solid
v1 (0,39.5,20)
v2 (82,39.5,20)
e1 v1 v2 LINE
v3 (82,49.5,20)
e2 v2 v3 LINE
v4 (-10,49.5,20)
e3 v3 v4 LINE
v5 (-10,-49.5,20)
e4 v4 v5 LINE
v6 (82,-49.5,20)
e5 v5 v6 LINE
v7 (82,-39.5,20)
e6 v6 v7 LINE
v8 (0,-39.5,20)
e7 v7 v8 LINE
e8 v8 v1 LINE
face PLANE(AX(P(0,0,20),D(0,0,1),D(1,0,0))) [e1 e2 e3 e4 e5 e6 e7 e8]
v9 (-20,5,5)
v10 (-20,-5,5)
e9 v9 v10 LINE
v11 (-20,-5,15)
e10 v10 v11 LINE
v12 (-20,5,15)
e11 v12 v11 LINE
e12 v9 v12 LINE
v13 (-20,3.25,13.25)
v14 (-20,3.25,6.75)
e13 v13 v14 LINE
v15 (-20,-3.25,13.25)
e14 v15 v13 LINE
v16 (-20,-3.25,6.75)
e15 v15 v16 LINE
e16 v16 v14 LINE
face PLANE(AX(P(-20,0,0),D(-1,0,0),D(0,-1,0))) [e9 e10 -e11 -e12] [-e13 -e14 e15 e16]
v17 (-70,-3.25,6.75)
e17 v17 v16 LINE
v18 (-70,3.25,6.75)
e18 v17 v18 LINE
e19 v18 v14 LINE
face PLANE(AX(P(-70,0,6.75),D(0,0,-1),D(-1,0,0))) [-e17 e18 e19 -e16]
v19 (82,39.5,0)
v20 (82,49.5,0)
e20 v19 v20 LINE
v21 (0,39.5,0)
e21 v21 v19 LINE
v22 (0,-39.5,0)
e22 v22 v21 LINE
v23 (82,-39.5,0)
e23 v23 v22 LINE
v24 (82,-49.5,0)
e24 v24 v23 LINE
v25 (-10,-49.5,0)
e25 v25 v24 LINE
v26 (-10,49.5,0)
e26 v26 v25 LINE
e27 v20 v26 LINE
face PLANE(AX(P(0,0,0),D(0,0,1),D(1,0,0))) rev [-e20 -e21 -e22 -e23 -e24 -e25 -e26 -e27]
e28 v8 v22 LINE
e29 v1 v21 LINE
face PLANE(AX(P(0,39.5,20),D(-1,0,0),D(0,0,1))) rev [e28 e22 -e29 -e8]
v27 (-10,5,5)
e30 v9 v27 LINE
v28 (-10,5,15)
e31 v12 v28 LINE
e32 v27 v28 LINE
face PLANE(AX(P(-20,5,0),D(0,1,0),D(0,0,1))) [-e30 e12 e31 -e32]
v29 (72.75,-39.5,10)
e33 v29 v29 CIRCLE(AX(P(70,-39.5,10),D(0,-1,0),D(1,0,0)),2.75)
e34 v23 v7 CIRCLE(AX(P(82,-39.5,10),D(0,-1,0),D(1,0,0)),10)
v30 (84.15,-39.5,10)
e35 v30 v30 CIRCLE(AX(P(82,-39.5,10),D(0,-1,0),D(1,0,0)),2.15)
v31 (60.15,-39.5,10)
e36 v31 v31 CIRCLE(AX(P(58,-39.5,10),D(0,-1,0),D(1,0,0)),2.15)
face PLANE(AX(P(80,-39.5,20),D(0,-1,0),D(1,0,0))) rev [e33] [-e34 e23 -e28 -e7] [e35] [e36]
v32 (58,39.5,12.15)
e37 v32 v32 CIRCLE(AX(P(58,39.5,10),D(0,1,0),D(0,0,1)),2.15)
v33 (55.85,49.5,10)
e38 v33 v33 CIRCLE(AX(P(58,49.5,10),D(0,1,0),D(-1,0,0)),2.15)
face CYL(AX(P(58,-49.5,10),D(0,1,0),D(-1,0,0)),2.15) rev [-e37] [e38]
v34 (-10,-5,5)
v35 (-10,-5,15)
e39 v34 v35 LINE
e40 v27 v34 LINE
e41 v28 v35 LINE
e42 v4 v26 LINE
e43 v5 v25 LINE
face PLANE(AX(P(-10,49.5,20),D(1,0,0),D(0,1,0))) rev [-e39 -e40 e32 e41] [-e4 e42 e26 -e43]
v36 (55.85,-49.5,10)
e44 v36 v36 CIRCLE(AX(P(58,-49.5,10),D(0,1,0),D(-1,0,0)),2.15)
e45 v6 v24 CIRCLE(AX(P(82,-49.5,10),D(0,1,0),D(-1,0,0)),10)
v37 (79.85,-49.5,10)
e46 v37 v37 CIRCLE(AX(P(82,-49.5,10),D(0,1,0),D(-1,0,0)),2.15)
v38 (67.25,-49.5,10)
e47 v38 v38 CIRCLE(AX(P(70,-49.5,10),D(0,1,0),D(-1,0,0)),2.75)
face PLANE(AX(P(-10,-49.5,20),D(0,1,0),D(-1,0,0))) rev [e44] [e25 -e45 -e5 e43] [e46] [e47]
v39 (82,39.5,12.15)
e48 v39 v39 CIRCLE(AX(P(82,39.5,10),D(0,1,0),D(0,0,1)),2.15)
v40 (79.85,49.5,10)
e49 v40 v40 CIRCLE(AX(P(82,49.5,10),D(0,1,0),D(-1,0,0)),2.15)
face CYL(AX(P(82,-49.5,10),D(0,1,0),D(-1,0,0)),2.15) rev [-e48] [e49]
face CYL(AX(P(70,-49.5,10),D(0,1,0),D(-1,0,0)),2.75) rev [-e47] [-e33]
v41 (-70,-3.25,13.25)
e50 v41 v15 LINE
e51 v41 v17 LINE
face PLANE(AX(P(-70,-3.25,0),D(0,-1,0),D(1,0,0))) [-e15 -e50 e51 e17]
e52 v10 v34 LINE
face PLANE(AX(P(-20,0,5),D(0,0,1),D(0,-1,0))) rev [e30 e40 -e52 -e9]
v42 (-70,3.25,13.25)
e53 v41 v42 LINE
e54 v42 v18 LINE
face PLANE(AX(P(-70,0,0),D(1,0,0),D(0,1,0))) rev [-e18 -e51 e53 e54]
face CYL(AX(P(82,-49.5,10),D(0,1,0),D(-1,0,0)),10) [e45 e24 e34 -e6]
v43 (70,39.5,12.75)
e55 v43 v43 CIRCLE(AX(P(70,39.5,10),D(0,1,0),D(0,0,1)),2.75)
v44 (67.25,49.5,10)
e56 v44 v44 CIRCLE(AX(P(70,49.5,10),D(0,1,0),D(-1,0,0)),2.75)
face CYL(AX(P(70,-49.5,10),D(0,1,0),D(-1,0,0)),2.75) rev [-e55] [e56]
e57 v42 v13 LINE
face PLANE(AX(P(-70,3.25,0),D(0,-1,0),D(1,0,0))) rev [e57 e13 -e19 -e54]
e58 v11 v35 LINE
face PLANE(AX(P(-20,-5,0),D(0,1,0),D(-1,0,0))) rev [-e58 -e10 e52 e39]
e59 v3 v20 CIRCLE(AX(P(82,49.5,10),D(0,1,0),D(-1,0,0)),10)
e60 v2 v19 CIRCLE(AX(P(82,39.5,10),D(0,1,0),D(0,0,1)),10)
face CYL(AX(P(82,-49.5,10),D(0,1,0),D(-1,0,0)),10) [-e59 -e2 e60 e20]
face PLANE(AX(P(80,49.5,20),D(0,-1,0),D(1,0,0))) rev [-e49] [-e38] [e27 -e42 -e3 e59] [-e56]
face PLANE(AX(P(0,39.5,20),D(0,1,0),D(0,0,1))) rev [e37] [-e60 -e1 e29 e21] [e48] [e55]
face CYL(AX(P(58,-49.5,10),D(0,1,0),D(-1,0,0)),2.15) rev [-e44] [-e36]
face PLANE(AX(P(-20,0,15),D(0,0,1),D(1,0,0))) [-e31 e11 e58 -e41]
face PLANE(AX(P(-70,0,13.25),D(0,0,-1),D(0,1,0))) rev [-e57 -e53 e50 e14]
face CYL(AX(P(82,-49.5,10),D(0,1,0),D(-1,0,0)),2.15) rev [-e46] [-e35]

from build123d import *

# Parameters (mm, degrees)
EXTRUDE_1_DEPTH     = 20
SKETCH_3_W          = 10
SKETCH_3_H          = 10
SKETCH_3_W_2        = 6.5
SKETCH_3_H_2        = 6.5
EXTRUDE_2_DEPTH     = 10
EXTRUDE_START       = 10
SKETCH_3_3_W        = 6.5
SKETCH_3_3_H        = 6.5
EXTRUDE_3_DEPTH     = 50
SKETCH_4_W          = 20
SKETCH_4_H          = 10
EXTRUDE_4_DEPTH     = 12
SKETCH_2_R          = 2.15
SKETCH_2_R_2        = 2.75
CUT_EXTRUDE_1_DEPTH = 137.619910701


with BuildPart() as part:
    # 草图1 → 凸台-拉伸1 (new body)
    with BuildSketch(Plane.XY):
        Polygon((0, 39.5), (0, -39.5), (80, -39.5), (80, -49.5), (-10, -49.5), (-10, 49.5), (80, 49.5), (80, 39.5), align=None)
    extrude(amount=EXTRUDE_1_DEPTH)

    # 草图3 → 凸台-拉伸2 (add)
    # profile 1 of 2: a face of its own
    with BuildSketch(Plane.ZY.offset(10)):
        with Locations((10, 0)):
            Rectangle(SKETCH_3_W, SKETCH_3_H)
        with Locations((10, 0)):
            Rectangle(SKETCH_3_W_2, SKETCH_3_H_2, mode=Mode.SUBTRACT)
    # profile 2 of 2: a face of its own
    with BuildSketch(Plane.ZY.offset(10)):
        with Locations((10, 0)):
            Rectangle(SKETCH_3_W_2, SKETCH_3_H_2)
    extrude(amount=EXTRUDE_2_DEPTH)

    # 草图3<3> → 凸台-拉伸3 (add)
    with BuildSketch(Plane.ZY.offset(10).offset(EXTRUDE_START)):
        with Locations((10, 0)):
            Rectangle(SKETCH_3_3_W, SKETCH_3_3_H)
    extrude(amount=EXTRUDE_3_DEPTH)

    # 草图4 → 凸台-拉伸4 (add)
    with BuildSketch(Plane(origin=(80, 0, 0), x_dir=(0, 0, -1), z_dir=(1, 0, 0))):
        with Locations((-10, -44.5)):
            Rectangle(SKETCH_4_W, SKETCH_4_H)
        with Locations((-10, 44.5)):
            Rectangle(SKETCH_4_W, SKETCH_4_H)
    extrude(amount=EXTRUDE_4_DEPTH)

    # 草图2 → 切除-拉伸1 (cut, through all)
    with BuildSketch(Plane(origin=(0, 49.5, 0), x_dir=(1, 0, 0), z_dir=(0, 1, 0))):
        with Locations(Location((82, -10, 0), (0, 0, 180))):
            Circle(SKETCH_2_R)
        with BuildLine():
            Line((92, -20), (92, -10))
            ThreePointArc((92, -10), (89.071067812, -17.071067812), (82, -20))
            Line((82, -20), (92, -20))
        make_face()
        with BuildLine():
            ThreePointArc((82, 0), (89.071067812, -2.928932188), (92, -10))
            Line((92, -10), (92, 0))
            Line((92, 0), (82, 0))
        make_face()
        with Locations(Location((70, -10, 0), (0, 0, 180))):
            Circle(SKETCH_2_R_2)
        with Locations(Location((58, -10, 0), (0, 0, 180))):
            Circle(SKETCH_2_R)
    extrude(amount=-CUT_EXTRUDE_1_DEPTH, mode=Mode.SUBTRACT)


solid = part.part
